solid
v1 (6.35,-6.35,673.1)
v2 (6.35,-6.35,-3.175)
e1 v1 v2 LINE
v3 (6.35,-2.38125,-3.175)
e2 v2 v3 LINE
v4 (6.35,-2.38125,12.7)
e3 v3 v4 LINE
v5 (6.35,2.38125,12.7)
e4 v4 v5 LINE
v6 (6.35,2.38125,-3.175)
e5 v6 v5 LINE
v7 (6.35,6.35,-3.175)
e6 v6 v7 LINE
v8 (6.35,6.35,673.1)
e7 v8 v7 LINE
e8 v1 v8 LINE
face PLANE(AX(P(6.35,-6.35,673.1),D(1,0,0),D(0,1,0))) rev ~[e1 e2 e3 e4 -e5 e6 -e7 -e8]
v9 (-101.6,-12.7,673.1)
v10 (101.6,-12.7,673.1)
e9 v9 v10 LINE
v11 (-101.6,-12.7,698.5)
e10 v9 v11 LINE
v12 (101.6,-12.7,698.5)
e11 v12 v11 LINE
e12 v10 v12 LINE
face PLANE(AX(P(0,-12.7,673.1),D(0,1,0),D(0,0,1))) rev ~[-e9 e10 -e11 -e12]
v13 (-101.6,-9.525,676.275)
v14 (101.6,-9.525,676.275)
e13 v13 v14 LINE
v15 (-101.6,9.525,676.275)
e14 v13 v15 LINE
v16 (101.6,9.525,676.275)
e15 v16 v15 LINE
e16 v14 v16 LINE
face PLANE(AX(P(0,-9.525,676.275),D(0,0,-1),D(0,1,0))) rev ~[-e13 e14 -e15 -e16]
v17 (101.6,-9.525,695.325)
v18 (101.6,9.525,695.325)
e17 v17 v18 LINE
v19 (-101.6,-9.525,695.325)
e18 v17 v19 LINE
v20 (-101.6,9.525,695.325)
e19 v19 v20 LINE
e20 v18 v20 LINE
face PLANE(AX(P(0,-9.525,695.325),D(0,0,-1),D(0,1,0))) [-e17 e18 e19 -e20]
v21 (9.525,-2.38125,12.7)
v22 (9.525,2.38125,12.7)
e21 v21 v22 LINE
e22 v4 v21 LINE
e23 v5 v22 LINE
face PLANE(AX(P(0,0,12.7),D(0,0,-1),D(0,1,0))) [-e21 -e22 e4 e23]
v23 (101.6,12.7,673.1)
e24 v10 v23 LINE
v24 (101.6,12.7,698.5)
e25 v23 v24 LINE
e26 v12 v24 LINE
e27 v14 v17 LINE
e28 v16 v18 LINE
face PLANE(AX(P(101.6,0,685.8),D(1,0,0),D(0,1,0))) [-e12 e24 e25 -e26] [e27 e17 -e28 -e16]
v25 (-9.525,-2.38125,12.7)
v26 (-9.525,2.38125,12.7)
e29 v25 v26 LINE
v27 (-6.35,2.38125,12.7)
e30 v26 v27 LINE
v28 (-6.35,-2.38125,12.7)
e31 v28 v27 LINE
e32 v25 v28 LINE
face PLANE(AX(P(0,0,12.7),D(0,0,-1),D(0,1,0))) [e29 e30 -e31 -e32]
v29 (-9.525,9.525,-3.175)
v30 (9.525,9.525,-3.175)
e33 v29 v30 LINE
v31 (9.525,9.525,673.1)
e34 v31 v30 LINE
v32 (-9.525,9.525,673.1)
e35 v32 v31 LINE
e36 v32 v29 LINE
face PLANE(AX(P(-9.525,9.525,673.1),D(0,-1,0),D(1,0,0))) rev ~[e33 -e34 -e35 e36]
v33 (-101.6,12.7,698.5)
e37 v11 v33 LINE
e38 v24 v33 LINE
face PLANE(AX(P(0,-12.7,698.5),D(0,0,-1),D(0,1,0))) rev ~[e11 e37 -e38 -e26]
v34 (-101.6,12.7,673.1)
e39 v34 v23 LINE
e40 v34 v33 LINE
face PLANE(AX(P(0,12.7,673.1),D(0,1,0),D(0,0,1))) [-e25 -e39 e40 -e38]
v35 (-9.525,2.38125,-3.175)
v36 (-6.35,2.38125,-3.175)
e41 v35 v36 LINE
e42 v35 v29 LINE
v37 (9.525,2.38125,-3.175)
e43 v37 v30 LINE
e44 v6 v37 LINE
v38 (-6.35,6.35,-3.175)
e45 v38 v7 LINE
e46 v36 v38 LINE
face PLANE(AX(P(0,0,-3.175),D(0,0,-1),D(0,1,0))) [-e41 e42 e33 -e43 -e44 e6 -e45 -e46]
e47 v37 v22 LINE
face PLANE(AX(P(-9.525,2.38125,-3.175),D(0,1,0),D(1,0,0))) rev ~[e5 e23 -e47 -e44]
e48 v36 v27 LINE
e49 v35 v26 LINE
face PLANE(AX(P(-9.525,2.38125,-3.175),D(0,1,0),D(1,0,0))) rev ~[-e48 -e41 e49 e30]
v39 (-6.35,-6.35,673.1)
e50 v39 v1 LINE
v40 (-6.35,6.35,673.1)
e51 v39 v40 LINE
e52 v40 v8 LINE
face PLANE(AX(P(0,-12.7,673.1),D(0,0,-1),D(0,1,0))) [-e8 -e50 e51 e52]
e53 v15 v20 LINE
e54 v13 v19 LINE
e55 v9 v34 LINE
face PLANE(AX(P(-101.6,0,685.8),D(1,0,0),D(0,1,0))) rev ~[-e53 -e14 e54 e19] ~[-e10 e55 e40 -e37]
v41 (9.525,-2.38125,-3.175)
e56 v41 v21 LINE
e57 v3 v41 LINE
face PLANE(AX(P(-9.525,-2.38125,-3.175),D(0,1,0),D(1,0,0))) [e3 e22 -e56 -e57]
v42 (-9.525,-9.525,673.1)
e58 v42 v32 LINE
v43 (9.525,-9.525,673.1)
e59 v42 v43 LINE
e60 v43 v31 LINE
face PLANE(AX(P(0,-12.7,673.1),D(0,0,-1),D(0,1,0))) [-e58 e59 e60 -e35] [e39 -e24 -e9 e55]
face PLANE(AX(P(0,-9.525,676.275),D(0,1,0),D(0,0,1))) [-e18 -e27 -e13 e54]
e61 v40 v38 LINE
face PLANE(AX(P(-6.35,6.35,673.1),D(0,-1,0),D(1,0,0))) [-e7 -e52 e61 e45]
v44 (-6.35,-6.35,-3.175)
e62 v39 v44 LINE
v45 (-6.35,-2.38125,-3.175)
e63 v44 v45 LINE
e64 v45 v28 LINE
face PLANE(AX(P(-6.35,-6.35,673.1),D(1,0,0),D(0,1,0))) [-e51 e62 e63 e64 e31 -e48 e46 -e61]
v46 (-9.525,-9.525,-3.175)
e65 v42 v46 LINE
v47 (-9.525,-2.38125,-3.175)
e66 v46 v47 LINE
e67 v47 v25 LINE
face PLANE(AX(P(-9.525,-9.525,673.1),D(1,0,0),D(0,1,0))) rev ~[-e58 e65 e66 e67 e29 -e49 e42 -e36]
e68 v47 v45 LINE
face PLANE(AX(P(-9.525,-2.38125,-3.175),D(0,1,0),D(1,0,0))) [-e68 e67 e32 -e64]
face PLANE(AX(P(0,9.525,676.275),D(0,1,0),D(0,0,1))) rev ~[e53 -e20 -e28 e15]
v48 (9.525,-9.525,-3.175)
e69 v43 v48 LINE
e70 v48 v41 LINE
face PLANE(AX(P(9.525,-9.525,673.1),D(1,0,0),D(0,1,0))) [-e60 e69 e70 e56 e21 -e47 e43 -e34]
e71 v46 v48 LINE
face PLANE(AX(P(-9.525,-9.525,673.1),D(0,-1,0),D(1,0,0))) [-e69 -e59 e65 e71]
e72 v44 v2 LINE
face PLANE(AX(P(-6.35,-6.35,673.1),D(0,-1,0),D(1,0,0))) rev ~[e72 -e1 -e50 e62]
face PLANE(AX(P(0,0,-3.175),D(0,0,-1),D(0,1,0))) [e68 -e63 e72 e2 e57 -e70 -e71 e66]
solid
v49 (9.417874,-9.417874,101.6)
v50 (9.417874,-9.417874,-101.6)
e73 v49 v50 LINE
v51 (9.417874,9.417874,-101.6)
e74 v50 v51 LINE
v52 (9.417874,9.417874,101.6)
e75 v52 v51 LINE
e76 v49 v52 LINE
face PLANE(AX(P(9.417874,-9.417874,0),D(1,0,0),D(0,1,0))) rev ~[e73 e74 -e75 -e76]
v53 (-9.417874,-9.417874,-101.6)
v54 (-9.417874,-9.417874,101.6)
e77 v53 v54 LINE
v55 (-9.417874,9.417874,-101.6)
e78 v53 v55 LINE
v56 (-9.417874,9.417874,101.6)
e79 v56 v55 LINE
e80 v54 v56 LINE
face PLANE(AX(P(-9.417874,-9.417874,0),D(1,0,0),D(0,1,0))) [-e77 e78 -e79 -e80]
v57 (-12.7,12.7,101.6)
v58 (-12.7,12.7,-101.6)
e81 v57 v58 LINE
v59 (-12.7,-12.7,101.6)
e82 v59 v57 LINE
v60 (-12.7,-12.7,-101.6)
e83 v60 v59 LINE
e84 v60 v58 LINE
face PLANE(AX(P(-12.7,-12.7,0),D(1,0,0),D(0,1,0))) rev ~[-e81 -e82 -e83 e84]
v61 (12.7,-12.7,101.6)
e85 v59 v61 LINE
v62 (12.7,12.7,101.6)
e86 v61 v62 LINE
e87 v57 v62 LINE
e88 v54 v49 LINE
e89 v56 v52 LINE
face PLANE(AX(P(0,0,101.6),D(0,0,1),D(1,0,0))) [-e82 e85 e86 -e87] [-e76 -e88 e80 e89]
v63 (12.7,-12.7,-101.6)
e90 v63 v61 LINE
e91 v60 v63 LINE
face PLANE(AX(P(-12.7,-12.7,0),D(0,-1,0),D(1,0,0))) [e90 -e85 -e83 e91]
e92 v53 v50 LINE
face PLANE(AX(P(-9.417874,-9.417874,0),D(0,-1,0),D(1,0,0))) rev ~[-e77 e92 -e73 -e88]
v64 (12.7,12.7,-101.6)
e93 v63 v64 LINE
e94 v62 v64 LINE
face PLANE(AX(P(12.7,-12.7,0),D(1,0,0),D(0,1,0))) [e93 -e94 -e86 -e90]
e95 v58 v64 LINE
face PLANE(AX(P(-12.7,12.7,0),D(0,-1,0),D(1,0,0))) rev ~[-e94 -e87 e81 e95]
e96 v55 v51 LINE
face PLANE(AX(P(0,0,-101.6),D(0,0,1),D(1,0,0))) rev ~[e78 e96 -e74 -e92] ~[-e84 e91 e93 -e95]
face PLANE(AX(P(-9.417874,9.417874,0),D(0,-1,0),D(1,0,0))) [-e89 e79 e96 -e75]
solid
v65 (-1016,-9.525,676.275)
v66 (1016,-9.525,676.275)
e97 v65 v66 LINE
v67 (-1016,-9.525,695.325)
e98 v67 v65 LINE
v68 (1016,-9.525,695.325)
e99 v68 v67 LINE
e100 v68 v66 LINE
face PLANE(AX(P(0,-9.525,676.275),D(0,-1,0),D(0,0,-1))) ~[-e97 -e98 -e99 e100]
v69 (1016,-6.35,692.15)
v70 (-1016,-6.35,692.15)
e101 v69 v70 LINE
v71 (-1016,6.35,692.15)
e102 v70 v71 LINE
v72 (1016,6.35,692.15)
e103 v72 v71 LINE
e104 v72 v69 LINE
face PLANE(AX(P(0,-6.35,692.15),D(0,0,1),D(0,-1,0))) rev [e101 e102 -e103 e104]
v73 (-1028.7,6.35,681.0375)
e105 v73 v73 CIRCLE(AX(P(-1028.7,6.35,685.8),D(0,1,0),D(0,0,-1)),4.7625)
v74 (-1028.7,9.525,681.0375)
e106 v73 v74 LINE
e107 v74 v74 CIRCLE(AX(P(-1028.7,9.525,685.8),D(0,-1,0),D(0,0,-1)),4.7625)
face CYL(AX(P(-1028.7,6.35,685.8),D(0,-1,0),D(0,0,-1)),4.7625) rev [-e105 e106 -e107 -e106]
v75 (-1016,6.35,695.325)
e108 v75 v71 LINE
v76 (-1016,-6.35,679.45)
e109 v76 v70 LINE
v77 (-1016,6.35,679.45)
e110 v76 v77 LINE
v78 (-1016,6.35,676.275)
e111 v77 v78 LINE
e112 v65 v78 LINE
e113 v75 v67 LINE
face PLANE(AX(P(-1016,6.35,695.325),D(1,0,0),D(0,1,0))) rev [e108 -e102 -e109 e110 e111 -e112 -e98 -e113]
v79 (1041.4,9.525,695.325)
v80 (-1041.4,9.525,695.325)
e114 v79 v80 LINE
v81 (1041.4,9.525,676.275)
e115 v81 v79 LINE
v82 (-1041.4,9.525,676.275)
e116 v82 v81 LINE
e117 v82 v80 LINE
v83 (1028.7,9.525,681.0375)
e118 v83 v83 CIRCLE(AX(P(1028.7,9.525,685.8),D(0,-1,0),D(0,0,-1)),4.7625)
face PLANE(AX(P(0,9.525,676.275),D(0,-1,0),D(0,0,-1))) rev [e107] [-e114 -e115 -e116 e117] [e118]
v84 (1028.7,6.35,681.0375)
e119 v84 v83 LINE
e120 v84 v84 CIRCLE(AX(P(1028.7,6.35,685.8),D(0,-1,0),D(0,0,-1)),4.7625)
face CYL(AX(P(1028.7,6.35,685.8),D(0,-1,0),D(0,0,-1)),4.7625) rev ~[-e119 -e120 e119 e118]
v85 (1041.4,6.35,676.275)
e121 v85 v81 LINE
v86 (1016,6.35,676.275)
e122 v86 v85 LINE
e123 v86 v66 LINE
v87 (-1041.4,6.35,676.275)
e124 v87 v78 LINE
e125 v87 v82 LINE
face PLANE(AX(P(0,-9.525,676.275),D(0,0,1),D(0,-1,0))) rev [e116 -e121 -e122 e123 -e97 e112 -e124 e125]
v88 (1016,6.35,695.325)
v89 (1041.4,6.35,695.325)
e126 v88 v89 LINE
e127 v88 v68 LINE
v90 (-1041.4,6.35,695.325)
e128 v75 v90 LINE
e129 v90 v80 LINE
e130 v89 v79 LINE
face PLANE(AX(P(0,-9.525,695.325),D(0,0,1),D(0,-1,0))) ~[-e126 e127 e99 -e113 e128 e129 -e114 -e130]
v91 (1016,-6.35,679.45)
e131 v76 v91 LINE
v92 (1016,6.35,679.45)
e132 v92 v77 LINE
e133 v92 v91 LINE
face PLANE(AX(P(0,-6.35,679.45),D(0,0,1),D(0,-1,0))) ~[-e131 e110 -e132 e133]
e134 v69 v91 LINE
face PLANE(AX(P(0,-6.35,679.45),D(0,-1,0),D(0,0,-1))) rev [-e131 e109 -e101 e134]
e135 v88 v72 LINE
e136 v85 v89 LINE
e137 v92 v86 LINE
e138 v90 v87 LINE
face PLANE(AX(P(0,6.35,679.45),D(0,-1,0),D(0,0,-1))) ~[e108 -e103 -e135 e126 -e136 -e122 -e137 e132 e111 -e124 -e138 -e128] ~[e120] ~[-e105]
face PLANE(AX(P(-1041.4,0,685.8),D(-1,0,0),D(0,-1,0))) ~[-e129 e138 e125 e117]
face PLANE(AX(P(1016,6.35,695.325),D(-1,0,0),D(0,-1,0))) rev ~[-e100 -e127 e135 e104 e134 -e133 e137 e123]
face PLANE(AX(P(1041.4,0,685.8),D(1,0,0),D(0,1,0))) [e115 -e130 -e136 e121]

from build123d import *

# Parameters (mm, degrees)
SKETCH_W        = 19.05
SKETCH_H        = 19.05
SKETCH_W_2      = 12.7
SKETCH_H_2      = 12.7
PAD_DEPTH       = 1041.4
SKETCH001_W     = 15.875
SKETCH001_H     = 25.4
POCKET_DEPTH    = 2102.547835
SKETCH002_R     = 4.7625
POCKET001_DEPTH = 2086.672835
SKETCH003_W     = 25.4
SKETCH003_H     = 25.4
SKETCH003_W_2   = 19.05
SKETCH003_H_2   = 19.05
PAD001_DEPTH    = 101.6
SKETCH004_W     = 19.05
SKETCH004_H     = 19.05
SKETCH004_W_2   = 12.7
SKETCH004_H_2   = 12.7
PAD002_DEPTH    = 676.275
SKETCH005_W     = 4.7625
SKETCH005_H     = 19.05
POCKET002_DEPTH = 15.875
SKETCH006_W     = 25.4
SKETCH006_H     = 25.4
SKETCH006_W_2   = 18.835748
SKETCH006_H_2   = 18.835748
PAD003_DEPTH    = 101.6


with BuildPart() as crossbeam:
    # Sketch → Pad (new body)
    with BuildSketch(Plane.YZ):
        with Locations((0, 685.8)):
            Rectangle(SKETCH_W, SKETCH_H)
        with Locations((0, 685.8)):
            Rectangle(SKETCH_W_2, SKETCH_H_2, mode=Mode.SUBTRACT)
    pad = extrude(amount=PAD_DEPTH)

    # Sketch001 (on Face1 of Pad) → Pocket (cut, through all)
    with BuildSketch(Plane(origin=(0, 0, 695.325), x_dir=(0, -1, 0), z_dir=(0, 0, 1))):
        with Locations((1.5875, 1028.7)):
            Rectangle(SKETCH001_W, SKETCH001_H)
    pocket = extrude(amount=-POCKET_DEPTH, mode=Mode.SUBTRACT)

    # Sketch002 (on Face13 of Pocket) → Pocket001 (cut, through all)
    with BuildSketch(Plane(origin=(0, 6.35, 0), x_dir=(0, 0, -1), z_dir=(0, -1, 0))):
        with Locations((-685.8, 1028.7)):
            Circle(SKETCH002_R)
    pocket001 = extrude(amount=-POCKET001_DEPTH, mode=Mode.SUBTRACT)

    # Mirrored: Pad, Pocket, Pocket001 across Sketch002 H_Axis
    add(pad.mirror(Plane(origin=(0, 6.35, 0), x_dir=(0, -1, 0), z_dir=(1, 0, 0))))
    add(pocket.mirror(Plane(origin=(0, 6.35, 0), x_dir=(0, -1, 0), z_dir=(1, 0, 0))), mode=Mode.SUBTRACT)
    add(pocket001.mirror(Plane(origin=(0, 6.35, 0), x_dir=(0, -1, 0), z_dir=(1, 0, 0))), mode=Mode.SUBTRACT)


with BuildPart() as carriage:
    # Sketch003 → Pad001 (new body, symmetric)
    with BuildSketch(Plane.YZ):
        with Locations((0, 685.8)):
            Rectangle(SKETCH003_W, SKETCH003_H)
        with Locations((0, 685.8)):
            Rectangle(SKETCH003_W_2, SKETCH003_H_2, mode=Mode.SUBTRACT)
    extrude(amount=PAD001_DEPTH, both=True)

    # Sketch004 (on Face3 of Pad001) → Pad002 (join)
    with BuildSketch(Plane.YX.offset(-673.1)):
        Rectangle(SKETCH004_W, SKETCH004_H)
        Rectangle(SKETCH004_W_2, SKETCH004_H_2, mode=Mode.SUBTRACT)
    extrude(amount=PAD002_DEPTH)

    # Sketch005 (on Face15 of Pad002) → Pocket002 (cut)
    with BuildSketch(Plane.YX.offset(3.175)):
        Rectangle(SKETCH005_W, SKETCH005_H)
    extrude(amount=-POCKET002_DEPTH, mode=Mode.SUBTRACT)


with BuildPart() as body002:
    # Sketch006 → Pad003 (new body, symmetric)
    with BuildSketch(Plane.XY):
        Rectangle(SKETCH006_W, SKETCH006_H)
        Rectangle(SKETCH006_W_2, SKETCH006_H_2, mode=Mode.SUBTRACT)
    extrude(amount=PAD003_DEPTH, both=True)


solid = Compound([crossbeam.part, carriage.part, body002.part])
